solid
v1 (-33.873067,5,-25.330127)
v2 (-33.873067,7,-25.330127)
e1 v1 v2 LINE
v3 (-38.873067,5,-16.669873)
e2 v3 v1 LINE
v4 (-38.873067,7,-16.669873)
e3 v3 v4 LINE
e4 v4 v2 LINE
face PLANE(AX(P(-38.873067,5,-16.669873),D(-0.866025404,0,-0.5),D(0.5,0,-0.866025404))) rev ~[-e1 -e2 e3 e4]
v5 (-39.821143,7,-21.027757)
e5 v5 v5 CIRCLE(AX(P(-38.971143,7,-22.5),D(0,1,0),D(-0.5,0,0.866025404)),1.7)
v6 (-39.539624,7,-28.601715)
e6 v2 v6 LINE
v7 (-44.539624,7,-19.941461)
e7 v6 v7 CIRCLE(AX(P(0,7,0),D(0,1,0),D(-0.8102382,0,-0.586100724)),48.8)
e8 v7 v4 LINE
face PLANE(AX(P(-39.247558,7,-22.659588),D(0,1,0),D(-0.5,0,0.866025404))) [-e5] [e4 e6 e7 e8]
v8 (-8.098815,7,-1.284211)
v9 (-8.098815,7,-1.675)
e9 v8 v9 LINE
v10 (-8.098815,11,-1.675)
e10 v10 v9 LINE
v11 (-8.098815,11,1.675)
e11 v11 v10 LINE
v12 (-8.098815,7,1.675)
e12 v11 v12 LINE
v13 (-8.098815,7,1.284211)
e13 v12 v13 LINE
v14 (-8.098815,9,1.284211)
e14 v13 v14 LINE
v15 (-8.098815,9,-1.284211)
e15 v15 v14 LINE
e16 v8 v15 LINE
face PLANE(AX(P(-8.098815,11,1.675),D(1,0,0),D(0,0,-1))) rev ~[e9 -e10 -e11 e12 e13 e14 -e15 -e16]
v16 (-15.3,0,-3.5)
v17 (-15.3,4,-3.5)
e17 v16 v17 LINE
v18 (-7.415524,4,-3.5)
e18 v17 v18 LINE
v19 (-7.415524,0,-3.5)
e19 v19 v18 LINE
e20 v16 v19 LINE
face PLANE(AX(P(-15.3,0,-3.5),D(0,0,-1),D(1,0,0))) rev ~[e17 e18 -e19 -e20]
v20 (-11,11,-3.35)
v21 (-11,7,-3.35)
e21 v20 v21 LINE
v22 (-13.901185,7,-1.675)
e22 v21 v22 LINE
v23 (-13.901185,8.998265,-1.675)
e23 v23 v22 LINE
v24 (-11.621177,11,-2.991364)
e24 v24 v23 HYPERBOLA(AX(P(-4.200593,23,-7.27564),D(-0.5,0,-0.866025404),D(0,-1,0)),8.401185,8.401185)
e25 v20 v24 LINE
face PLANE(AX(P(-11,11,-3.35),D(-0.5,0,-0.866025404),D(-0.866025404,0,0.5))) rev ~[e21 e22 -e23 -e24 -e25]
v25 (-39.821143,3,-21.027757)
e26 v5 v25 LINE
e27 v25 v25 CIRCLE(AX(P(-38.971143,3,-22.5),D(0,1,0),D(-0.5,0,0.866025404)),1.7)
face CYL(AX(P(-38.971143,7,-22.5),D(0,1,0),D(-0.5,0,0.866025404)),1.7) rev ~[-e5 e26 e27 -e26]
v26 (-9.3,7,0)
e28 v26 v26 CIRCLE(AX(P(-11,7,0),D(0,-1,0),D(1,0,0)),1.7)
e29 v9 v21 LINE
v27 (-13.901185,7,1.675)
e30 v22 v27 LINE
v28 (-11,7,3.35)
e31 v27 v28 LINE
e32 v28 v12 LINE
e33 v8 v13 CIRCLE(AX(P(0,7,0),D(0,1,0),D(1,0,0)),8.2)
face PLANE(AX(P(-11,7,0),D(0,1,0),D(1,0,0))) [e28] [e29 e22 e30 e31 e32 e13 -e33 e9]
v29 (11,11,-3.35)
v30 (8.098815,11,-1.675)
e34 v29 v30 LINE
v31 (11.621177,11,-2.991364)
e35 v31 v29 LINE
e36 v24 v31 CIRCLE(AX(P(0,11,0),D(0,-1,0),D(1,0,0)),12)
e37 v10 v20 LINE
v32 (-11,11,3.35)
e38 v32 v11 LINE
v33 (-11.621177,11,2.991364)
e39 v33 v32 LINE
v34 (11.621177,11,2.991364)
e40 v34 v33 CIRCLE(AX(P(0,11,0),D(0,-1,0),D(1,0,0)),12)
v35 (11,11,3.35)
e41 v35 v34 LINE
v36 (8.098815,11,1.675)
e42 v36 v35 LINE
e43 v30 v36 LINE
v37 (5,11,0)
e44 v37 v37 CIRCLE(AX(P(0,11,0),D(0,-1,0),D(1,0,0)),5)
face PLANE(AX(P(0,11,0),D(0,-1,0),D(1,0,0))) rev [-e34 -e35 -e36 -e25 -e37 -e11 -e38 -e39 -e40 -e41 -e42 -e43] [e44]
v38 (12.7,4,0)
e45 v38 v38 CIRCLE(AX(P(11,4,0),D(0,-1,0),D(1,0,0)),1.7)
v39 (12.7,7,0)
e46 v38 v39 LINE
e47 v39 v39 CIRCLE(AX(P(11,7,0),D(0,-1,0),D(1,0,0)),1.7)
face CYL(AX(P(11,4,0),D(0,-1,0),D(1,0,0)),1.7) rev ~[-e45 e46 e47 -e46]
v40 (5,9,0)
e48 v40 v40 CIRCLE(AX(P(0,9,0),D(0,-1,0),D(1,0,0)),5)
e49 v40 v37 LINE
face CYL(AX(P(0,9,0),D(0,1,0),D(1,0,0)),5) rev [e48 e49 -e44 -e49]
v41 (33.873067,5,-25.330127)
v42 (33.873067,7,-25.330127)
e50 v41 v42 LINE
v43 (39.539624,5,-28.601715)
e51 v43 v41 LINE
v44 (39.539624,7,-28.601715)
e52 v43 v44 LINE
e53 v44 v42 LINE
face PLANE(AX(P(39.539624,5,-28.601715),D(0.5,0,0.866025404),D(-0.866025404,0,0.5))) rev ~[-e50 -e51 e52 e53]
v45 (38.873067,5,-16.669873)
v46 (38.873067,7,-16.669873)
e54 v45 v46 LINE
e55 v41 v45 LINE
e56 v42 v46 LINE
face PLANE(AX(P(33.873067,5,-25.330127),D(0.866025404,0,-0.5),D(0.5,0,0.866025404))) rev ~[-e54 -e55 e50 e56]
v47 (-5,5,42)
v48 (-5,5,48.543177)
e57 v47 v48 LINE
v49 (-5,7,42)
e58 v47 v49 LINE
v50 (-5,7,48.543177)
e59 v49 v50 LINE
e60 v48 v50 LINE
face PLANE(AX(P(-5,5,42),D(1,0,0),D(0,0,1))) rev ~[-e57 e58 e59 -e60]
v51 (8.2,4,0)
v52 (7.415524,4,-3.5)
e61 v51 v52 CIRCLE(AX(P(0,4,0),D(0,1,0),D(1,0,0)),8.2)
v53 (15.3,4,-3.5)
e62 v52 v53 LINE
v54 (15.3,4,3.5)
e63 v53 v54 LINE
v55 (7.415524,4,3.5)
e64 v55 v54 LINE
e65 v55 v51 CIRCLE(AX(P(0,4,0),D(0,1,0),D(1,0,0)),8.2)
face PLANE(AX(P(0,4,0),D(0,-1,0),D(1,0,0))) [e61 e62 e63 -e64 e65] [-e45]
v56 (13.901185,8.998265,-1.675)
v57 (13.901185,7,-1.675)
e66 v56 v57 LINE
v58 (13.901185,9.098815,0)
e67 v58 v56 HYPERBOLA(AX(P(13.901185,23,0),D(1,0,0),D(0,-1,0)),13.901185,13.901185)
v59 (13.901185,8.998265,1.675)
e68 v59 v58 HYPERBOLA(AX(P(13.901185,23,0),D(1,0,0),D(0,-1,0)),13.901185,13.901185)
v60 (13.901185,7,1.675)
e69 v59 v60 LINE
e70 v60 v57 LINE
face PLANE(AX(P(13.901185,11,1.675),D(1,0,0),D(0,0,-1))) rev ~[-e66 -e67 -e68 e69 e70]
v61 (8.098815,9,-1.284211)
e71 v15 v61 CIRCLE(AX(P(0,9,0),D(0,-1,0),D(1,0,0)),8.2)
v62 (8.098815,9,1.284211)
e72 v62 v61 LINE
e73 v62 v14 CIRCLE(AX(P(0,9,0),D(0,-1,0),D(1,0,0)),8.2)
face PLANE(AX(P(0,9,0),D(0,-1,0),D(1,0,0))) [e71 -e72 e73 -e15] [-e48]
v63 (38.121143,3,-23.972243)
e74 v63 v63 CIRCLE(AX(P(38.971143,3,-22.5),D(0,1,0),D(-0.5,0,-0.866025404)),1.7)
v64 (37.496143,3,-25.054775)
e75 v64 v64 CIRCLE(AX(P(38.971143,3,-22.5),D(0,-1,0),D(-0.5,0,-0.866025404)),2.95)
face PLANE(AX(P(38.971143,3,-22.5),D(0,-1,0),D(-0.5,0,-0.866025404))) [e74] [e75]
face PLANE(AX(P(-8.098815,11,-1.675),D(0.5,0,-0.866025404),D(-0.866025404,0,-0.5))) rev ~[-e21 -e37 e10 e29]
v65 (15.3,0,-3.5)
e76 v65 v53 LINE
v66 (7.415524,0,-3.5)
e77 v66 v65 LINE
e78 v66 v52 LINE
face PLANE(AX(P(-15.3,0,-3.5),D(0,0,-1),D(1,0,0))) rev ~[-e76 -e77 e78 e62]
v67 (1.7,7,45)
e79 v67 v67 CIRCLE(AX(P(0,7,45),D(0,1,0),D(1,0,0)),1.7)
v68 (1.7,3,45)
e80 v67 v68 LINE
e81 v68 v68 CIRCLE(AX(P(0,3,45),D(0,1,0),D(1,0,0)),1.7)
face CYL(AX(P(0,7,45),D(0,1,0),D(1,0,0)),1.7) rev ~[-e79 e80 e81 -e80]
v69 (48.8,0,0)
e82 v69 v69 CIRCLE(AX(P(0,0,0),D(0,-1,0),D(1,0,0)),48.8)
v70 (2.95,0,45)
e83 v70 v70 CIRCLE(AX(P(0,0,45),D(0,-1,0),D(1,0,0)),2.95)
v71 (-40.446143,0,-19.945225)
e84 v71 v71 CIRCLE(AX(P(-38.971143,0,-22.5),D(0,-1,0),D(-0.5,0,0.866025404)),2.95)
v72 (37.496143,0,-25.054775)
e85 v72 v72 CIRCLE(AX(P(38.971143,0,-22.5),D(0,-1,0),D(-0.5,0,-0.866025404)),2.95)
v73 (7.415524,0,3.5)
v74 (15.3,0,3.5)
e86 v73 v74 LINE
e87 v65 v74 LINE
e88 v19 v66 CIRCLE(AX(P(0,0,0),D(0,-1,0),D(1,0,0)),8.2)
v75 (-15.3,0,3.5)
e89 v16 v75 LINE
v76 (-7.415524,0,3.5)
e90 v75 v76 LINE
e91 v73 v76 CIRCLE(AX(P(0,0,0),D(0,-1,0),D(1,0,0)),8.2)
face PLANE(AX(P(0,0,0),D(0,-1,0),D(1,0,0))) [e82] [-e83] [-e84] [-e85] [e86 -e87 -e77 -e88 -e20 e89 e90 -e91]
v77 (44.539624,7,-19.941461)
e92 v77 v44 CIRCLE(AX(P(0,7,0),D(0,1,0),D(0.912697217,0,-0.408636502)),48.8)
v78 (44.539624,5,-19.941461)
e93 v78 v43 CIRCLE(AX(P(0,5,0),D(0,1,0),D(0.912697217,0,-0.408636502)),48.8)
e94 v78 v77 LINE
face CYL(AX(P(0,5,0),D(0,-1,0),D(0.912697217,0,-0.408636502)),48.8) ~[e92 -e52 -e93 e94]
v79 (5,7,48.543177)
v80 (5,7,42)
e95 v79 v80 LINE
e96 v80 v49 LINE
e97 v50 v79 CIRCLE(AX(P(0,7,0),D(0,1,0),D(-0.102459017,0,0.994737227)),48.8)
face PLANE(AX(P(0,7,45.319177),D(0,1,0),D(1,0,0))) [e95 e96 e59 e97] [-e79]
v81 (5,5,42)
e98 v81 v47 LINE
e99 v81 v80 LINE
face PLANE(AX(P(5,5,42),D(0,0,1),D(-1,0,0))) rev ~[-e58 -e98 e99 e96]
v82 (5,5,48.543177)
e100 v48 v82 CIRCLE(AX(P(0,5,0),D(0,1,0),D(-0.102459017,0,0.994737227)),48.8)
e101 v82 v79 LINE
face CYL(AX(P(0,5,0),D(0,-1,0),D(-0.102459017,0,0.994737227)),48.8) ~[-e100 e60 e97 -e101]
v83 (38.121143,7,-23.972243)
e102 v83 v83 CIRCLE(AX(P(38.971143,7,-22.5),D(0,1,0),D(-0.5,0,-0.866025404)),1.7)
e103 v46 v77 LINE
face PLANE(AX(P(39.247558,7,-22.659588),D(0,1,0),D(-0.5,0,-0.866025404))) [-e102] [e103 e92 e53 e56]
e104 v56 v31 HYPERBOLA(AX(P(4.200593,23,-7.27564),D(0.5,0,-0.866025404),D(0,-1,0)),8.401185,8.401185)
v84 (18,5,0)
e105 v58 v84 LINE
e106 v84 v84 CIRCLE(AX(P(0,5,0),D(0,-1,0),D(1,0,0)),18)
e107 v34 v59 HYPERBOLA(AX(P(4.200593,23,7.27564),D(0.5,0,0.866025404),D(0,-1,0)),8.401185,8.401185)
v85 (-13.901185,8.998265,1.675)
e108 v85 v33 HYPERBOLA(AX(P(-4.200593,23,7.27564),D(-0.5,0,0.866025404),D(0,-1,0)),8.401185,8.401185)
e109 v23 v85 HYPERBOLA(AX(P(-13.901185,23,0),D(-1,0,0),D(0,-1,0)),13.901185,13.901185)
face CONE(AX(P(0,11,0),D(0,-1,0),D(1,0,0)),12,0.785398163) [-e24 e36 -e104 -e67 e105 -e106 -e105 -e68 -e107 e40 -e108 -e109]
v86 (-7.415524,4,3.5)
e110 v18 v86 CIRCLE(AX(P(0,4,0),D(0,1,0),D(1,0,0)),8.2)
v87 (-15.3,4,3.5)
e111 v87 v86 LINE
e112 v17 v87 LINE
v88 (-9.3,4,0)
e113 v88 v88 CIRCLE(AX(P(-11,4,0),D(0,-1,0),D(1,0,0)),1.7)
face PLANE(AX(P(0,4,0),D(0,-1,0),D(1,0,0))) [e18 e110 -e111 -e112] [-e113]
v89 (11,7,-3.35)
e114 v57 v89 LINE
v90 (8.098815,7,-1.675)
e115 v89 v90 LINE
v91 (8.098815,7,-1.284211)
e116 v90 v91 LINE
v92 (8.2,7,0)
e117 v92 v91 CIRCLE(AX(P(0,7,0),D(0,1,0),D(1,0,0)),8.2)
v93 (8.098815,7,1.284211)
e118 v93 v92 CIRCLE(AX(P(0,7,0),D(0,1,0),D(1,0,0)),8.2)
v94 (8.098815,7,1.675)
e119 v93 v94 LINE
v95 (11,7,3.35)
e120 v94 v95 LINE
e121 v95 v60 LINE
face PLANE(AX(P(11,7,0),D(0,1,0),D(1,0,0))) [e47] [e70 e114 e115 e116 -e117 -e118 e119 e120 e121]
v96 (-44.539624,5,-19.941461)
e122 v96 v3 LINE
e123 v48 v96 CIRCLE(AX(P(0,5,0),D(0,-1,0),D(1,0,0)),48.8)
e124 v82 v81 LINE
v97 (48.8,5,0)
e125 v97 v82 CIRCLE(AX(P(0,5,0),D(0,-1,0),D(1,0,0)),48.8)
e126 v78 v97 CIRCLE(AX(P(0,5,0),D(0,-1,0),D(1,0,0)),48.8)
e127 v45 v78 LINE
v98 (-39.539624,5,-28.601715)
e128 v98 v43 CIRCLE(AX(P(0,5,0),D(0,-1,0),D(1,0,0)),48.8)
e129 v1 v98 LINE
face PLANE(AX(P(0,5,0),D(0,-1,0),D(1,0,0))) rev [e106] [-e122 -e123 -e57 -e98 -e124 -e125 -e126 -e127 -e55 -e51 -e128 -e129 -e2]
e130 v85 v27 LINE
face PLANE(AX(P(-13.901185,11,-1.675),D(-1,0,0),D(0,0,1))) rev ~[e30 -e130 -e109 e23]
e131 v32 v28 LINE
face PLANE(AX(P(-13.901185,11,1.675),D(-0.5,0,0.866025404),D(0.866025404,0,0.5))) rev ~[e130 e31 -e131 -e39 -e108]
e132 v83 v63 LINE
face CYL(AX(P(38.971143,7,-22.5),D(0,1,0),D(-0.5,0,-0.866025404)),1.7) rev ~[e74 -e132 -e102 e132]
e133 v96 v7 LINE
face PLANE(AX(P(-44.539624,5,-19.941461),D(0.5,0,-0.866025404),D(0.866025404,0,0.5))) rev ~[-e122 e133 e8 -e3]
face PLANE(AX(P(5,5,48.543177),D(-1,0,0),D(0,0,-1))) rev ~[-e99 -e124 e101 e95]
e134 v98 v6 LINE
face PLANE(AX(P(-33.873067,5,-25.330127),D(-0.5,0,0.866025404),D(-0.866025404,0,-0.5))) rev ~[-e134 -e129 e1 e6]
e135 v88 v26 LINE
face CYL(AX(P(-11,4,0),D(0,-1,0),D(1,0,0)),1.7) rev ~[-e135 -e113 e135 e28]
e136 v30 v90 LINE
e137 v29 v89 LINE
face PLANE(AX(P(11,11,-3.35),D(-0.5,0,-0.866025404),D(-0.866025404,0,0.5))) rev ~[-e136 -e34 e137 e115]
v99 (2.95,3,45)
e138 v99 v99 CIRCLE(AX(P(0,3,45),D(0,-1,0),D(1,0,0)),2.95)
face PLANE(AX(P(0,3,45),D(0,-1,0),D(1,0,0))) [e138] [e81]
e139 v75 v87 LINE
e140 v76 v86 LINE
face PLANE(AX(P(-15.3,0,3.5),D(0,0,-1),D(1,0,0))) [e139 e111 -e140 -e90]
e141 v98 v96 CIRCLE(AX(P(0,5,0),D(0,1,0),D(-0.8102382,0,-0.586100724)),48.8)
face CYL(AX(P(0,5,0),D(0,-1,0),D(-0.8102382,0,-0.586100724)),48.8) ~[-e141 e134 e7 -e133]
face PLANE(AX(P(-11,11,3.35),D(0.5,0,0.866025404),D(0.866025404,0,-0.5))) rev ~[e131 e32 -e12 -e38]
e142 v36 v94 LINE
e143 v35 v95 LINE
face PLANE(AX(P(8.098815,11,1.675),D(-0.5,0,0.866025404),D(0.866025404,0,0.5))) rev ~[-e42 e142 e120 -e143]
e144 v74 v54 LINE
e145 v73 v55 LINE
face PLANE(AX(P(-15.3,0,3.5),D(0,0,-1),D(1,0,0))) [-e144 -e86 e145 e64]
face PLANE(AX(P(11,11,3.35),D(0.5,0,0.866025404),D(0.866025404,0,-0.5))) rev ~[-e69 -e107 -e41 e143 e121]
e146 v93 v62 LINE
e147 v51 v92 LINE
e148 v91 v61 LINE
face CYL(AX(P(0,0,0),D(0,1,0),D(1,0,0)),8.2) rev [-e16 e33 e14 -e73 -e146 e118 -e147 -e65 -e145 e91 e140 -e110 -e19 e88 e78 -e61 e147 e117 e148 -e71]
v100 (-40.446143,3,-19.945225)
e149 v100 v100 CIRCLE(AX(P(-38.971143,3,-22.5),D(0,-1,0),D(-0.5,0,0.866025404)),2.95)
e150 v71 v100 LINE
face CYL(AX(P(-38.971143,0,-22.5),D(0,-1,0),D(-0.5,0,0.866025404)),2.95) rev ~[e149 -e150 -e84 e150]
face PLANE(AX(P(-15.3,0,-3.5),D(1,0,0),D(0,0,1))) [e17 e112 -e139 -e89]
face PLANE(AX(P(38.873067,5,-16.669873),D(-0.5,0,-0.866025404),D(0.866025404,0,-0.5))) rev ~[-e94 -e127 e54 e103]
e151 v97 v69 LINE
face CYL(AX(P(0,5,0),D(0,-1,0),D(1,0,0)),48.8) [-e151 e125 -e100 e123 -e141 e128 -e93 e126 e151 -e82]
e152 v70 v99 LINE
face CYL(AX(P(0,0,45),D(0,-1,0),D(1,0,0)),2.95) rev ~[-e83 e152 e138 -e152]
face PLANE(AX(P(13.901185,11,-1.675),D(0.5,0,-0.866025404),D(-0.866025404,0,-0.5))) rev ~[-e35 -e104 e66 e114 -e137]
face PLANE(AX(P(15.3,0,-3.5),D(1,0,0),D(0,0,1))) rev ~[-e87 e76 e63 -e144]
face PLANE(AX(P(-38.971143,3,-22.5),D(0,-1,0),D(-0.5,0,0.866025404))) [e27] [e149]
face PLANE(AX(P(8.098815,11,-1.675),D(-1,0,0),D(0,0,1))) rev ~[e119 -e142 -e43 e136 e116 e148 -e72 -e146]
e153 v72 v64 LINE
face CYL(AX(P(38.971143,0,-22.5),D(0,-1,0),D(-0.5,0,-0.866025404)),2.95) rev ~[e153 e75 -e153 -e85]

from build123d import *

# Parameters (mm, degrees)
CROQUIS2_W              = 30.6
CROQUIS2_H              = 7
CORTAR_EXTRUIR1_DEPTH   = 4
CROQUIS3_R              = 1.7
CORTAR_EXTRUIR2_DEPTH   = 13
CORTAR_EXTRUIR3_DEPTH   = 4
SALIENTE_EXTRUIR1_DEPTH = 2
CROQUIS6_R              = 1.7
CORTAR_EXTRUIR4_DEPTH   = 9
CROQUIS7_R              = 2.95
CORTAR_EXTRUIR5_DEPTH   = 3
MATRIZC1_COUNT          = 3


with BuildPart() as part:
    # Croquis1 → Revolución1 (revolve)
    with BuildSketch(Plane.XY):
        Polygon((5, 11), (12, 11), (18, 5), (48.8, 5), (48.8, 0), (8.2, 0), (8.2, 9), (5, 9), align=None)
    revolve(axis=Axis((0, 21.109727454, 0), (0, -1, 0)))

    # Croquis2 → Cortar-Extruir1 (cut)
    with BuildSketch(Plane.XZ):
        Rectangle(CROQUIS2_W, CROQUIS2_H)
    extrude(amount=-CORTAR_EXTRUIR1_DEPTH, mode=Mode.SUBTRACT)

    # Croquis3 → Cortar-Extruir2 (cut)
    with BuildSketch(Plane.XZ.offset(-4)):
        with Locations((-11, 0)):
            Circle(CROQUIS3_R)
        with Locations((11, 0)):
            Circle(CROQUIS3_R)
    extrude(amount=-CORTAR_EXTRUIR2_DEPTH, mode=Mode.SUBTRACT)

    # Croquis4 → Cortar-Extruir3 (cut)
    with BuildSketch(Plane(origin=(0, 11, 0), x_dir=(1, 0, 0), z_dir=(0, 1, 0))):
        Polygon((-11, 3.35), (-13.901185103, 1.675), (-13.901185103, -1.675), (-11, -3.35), (-8.098814897, -1.675), (-8.098814897, 1.675), align=None)
        Polygon((11, 3.35), (8.098814897, 1.675), (8.098814897, -1.675), (11, -3.35), (13.901185103, -1.675), (13.901185103, 1.675), align=None)
    extrude(amount=-CORTAR_EXTRUIR3_DEPTH, mode=Mode.SUBTRACT)

    # Croquis5 → Saliente-Extruir1 (add)
    with BuildSketch(Plane(origin=(0, 5, 0), x_dir=(1, 0, 0), z_dir=(0, 1, 0))):
        with BuildLine():
            Line((5, -42), (-5, -42))
            Line((-5, -42), (-5, -48.543176657))
            ThreePointArc((-5, -48.543176657), (0, -48.8), (5, -48.543176657))
            Line((5, -48.543176657), (5, -42))
        make_face()
    saliente_extruir1 = extrude(amount=SALIENTE_EXTRUIR1_DEPTH)

    # Croquis6 → Cortar-Extruir4 (cut)
    with BuildSketch(Plane(origin=(0, 7, 0), x_dir=(1, 0, 0), z_dir=(0, 1, 0))):
        with Locations((0, -45)):
            Circle(CROQUIS6_R)
    cortar_extruir4 = extrude(amount=-CORTAR_EXTRUIR4_DEPTH, mode=Mode.SUBTRACT)

    # Croquis7 → Cortar-Extruir5 (cut)
    with BuildSketch(Plane.XZ):
        with Locations((0, 45)):
            Circle(CROQUIS7_R)
    cortar_extruir5 = extrude(amount=-CORTAR_EXTRUIR5_DEPTH, mode=Mode.SUBTRACT)

    # MatrizC1: Saliente-Extruir1, Cortar-Extruir4, Cortar-Extruir5 ×3 about axis
    matrizc1_axis = Axis((0, 0, 0), (0, 1, 0))
    for i in range(1, MATRIZC1_COUNT):
        add(saliente_extruir1.rotate(matrizc1_axis, i * 360 / MATRIZC1_COUNT))
        add(cortar_extruir4.rotate(matrizc1_axis, i * 360 / MATRIZC1_COUNT), mode=Mode.SUBTRACT)
        add(cortar_extruir5.rotate(matrizc1_axis, i * 360 / MATRIZC1_COUNT), mode=Mode.SUBTRACT)


solid = part.part
